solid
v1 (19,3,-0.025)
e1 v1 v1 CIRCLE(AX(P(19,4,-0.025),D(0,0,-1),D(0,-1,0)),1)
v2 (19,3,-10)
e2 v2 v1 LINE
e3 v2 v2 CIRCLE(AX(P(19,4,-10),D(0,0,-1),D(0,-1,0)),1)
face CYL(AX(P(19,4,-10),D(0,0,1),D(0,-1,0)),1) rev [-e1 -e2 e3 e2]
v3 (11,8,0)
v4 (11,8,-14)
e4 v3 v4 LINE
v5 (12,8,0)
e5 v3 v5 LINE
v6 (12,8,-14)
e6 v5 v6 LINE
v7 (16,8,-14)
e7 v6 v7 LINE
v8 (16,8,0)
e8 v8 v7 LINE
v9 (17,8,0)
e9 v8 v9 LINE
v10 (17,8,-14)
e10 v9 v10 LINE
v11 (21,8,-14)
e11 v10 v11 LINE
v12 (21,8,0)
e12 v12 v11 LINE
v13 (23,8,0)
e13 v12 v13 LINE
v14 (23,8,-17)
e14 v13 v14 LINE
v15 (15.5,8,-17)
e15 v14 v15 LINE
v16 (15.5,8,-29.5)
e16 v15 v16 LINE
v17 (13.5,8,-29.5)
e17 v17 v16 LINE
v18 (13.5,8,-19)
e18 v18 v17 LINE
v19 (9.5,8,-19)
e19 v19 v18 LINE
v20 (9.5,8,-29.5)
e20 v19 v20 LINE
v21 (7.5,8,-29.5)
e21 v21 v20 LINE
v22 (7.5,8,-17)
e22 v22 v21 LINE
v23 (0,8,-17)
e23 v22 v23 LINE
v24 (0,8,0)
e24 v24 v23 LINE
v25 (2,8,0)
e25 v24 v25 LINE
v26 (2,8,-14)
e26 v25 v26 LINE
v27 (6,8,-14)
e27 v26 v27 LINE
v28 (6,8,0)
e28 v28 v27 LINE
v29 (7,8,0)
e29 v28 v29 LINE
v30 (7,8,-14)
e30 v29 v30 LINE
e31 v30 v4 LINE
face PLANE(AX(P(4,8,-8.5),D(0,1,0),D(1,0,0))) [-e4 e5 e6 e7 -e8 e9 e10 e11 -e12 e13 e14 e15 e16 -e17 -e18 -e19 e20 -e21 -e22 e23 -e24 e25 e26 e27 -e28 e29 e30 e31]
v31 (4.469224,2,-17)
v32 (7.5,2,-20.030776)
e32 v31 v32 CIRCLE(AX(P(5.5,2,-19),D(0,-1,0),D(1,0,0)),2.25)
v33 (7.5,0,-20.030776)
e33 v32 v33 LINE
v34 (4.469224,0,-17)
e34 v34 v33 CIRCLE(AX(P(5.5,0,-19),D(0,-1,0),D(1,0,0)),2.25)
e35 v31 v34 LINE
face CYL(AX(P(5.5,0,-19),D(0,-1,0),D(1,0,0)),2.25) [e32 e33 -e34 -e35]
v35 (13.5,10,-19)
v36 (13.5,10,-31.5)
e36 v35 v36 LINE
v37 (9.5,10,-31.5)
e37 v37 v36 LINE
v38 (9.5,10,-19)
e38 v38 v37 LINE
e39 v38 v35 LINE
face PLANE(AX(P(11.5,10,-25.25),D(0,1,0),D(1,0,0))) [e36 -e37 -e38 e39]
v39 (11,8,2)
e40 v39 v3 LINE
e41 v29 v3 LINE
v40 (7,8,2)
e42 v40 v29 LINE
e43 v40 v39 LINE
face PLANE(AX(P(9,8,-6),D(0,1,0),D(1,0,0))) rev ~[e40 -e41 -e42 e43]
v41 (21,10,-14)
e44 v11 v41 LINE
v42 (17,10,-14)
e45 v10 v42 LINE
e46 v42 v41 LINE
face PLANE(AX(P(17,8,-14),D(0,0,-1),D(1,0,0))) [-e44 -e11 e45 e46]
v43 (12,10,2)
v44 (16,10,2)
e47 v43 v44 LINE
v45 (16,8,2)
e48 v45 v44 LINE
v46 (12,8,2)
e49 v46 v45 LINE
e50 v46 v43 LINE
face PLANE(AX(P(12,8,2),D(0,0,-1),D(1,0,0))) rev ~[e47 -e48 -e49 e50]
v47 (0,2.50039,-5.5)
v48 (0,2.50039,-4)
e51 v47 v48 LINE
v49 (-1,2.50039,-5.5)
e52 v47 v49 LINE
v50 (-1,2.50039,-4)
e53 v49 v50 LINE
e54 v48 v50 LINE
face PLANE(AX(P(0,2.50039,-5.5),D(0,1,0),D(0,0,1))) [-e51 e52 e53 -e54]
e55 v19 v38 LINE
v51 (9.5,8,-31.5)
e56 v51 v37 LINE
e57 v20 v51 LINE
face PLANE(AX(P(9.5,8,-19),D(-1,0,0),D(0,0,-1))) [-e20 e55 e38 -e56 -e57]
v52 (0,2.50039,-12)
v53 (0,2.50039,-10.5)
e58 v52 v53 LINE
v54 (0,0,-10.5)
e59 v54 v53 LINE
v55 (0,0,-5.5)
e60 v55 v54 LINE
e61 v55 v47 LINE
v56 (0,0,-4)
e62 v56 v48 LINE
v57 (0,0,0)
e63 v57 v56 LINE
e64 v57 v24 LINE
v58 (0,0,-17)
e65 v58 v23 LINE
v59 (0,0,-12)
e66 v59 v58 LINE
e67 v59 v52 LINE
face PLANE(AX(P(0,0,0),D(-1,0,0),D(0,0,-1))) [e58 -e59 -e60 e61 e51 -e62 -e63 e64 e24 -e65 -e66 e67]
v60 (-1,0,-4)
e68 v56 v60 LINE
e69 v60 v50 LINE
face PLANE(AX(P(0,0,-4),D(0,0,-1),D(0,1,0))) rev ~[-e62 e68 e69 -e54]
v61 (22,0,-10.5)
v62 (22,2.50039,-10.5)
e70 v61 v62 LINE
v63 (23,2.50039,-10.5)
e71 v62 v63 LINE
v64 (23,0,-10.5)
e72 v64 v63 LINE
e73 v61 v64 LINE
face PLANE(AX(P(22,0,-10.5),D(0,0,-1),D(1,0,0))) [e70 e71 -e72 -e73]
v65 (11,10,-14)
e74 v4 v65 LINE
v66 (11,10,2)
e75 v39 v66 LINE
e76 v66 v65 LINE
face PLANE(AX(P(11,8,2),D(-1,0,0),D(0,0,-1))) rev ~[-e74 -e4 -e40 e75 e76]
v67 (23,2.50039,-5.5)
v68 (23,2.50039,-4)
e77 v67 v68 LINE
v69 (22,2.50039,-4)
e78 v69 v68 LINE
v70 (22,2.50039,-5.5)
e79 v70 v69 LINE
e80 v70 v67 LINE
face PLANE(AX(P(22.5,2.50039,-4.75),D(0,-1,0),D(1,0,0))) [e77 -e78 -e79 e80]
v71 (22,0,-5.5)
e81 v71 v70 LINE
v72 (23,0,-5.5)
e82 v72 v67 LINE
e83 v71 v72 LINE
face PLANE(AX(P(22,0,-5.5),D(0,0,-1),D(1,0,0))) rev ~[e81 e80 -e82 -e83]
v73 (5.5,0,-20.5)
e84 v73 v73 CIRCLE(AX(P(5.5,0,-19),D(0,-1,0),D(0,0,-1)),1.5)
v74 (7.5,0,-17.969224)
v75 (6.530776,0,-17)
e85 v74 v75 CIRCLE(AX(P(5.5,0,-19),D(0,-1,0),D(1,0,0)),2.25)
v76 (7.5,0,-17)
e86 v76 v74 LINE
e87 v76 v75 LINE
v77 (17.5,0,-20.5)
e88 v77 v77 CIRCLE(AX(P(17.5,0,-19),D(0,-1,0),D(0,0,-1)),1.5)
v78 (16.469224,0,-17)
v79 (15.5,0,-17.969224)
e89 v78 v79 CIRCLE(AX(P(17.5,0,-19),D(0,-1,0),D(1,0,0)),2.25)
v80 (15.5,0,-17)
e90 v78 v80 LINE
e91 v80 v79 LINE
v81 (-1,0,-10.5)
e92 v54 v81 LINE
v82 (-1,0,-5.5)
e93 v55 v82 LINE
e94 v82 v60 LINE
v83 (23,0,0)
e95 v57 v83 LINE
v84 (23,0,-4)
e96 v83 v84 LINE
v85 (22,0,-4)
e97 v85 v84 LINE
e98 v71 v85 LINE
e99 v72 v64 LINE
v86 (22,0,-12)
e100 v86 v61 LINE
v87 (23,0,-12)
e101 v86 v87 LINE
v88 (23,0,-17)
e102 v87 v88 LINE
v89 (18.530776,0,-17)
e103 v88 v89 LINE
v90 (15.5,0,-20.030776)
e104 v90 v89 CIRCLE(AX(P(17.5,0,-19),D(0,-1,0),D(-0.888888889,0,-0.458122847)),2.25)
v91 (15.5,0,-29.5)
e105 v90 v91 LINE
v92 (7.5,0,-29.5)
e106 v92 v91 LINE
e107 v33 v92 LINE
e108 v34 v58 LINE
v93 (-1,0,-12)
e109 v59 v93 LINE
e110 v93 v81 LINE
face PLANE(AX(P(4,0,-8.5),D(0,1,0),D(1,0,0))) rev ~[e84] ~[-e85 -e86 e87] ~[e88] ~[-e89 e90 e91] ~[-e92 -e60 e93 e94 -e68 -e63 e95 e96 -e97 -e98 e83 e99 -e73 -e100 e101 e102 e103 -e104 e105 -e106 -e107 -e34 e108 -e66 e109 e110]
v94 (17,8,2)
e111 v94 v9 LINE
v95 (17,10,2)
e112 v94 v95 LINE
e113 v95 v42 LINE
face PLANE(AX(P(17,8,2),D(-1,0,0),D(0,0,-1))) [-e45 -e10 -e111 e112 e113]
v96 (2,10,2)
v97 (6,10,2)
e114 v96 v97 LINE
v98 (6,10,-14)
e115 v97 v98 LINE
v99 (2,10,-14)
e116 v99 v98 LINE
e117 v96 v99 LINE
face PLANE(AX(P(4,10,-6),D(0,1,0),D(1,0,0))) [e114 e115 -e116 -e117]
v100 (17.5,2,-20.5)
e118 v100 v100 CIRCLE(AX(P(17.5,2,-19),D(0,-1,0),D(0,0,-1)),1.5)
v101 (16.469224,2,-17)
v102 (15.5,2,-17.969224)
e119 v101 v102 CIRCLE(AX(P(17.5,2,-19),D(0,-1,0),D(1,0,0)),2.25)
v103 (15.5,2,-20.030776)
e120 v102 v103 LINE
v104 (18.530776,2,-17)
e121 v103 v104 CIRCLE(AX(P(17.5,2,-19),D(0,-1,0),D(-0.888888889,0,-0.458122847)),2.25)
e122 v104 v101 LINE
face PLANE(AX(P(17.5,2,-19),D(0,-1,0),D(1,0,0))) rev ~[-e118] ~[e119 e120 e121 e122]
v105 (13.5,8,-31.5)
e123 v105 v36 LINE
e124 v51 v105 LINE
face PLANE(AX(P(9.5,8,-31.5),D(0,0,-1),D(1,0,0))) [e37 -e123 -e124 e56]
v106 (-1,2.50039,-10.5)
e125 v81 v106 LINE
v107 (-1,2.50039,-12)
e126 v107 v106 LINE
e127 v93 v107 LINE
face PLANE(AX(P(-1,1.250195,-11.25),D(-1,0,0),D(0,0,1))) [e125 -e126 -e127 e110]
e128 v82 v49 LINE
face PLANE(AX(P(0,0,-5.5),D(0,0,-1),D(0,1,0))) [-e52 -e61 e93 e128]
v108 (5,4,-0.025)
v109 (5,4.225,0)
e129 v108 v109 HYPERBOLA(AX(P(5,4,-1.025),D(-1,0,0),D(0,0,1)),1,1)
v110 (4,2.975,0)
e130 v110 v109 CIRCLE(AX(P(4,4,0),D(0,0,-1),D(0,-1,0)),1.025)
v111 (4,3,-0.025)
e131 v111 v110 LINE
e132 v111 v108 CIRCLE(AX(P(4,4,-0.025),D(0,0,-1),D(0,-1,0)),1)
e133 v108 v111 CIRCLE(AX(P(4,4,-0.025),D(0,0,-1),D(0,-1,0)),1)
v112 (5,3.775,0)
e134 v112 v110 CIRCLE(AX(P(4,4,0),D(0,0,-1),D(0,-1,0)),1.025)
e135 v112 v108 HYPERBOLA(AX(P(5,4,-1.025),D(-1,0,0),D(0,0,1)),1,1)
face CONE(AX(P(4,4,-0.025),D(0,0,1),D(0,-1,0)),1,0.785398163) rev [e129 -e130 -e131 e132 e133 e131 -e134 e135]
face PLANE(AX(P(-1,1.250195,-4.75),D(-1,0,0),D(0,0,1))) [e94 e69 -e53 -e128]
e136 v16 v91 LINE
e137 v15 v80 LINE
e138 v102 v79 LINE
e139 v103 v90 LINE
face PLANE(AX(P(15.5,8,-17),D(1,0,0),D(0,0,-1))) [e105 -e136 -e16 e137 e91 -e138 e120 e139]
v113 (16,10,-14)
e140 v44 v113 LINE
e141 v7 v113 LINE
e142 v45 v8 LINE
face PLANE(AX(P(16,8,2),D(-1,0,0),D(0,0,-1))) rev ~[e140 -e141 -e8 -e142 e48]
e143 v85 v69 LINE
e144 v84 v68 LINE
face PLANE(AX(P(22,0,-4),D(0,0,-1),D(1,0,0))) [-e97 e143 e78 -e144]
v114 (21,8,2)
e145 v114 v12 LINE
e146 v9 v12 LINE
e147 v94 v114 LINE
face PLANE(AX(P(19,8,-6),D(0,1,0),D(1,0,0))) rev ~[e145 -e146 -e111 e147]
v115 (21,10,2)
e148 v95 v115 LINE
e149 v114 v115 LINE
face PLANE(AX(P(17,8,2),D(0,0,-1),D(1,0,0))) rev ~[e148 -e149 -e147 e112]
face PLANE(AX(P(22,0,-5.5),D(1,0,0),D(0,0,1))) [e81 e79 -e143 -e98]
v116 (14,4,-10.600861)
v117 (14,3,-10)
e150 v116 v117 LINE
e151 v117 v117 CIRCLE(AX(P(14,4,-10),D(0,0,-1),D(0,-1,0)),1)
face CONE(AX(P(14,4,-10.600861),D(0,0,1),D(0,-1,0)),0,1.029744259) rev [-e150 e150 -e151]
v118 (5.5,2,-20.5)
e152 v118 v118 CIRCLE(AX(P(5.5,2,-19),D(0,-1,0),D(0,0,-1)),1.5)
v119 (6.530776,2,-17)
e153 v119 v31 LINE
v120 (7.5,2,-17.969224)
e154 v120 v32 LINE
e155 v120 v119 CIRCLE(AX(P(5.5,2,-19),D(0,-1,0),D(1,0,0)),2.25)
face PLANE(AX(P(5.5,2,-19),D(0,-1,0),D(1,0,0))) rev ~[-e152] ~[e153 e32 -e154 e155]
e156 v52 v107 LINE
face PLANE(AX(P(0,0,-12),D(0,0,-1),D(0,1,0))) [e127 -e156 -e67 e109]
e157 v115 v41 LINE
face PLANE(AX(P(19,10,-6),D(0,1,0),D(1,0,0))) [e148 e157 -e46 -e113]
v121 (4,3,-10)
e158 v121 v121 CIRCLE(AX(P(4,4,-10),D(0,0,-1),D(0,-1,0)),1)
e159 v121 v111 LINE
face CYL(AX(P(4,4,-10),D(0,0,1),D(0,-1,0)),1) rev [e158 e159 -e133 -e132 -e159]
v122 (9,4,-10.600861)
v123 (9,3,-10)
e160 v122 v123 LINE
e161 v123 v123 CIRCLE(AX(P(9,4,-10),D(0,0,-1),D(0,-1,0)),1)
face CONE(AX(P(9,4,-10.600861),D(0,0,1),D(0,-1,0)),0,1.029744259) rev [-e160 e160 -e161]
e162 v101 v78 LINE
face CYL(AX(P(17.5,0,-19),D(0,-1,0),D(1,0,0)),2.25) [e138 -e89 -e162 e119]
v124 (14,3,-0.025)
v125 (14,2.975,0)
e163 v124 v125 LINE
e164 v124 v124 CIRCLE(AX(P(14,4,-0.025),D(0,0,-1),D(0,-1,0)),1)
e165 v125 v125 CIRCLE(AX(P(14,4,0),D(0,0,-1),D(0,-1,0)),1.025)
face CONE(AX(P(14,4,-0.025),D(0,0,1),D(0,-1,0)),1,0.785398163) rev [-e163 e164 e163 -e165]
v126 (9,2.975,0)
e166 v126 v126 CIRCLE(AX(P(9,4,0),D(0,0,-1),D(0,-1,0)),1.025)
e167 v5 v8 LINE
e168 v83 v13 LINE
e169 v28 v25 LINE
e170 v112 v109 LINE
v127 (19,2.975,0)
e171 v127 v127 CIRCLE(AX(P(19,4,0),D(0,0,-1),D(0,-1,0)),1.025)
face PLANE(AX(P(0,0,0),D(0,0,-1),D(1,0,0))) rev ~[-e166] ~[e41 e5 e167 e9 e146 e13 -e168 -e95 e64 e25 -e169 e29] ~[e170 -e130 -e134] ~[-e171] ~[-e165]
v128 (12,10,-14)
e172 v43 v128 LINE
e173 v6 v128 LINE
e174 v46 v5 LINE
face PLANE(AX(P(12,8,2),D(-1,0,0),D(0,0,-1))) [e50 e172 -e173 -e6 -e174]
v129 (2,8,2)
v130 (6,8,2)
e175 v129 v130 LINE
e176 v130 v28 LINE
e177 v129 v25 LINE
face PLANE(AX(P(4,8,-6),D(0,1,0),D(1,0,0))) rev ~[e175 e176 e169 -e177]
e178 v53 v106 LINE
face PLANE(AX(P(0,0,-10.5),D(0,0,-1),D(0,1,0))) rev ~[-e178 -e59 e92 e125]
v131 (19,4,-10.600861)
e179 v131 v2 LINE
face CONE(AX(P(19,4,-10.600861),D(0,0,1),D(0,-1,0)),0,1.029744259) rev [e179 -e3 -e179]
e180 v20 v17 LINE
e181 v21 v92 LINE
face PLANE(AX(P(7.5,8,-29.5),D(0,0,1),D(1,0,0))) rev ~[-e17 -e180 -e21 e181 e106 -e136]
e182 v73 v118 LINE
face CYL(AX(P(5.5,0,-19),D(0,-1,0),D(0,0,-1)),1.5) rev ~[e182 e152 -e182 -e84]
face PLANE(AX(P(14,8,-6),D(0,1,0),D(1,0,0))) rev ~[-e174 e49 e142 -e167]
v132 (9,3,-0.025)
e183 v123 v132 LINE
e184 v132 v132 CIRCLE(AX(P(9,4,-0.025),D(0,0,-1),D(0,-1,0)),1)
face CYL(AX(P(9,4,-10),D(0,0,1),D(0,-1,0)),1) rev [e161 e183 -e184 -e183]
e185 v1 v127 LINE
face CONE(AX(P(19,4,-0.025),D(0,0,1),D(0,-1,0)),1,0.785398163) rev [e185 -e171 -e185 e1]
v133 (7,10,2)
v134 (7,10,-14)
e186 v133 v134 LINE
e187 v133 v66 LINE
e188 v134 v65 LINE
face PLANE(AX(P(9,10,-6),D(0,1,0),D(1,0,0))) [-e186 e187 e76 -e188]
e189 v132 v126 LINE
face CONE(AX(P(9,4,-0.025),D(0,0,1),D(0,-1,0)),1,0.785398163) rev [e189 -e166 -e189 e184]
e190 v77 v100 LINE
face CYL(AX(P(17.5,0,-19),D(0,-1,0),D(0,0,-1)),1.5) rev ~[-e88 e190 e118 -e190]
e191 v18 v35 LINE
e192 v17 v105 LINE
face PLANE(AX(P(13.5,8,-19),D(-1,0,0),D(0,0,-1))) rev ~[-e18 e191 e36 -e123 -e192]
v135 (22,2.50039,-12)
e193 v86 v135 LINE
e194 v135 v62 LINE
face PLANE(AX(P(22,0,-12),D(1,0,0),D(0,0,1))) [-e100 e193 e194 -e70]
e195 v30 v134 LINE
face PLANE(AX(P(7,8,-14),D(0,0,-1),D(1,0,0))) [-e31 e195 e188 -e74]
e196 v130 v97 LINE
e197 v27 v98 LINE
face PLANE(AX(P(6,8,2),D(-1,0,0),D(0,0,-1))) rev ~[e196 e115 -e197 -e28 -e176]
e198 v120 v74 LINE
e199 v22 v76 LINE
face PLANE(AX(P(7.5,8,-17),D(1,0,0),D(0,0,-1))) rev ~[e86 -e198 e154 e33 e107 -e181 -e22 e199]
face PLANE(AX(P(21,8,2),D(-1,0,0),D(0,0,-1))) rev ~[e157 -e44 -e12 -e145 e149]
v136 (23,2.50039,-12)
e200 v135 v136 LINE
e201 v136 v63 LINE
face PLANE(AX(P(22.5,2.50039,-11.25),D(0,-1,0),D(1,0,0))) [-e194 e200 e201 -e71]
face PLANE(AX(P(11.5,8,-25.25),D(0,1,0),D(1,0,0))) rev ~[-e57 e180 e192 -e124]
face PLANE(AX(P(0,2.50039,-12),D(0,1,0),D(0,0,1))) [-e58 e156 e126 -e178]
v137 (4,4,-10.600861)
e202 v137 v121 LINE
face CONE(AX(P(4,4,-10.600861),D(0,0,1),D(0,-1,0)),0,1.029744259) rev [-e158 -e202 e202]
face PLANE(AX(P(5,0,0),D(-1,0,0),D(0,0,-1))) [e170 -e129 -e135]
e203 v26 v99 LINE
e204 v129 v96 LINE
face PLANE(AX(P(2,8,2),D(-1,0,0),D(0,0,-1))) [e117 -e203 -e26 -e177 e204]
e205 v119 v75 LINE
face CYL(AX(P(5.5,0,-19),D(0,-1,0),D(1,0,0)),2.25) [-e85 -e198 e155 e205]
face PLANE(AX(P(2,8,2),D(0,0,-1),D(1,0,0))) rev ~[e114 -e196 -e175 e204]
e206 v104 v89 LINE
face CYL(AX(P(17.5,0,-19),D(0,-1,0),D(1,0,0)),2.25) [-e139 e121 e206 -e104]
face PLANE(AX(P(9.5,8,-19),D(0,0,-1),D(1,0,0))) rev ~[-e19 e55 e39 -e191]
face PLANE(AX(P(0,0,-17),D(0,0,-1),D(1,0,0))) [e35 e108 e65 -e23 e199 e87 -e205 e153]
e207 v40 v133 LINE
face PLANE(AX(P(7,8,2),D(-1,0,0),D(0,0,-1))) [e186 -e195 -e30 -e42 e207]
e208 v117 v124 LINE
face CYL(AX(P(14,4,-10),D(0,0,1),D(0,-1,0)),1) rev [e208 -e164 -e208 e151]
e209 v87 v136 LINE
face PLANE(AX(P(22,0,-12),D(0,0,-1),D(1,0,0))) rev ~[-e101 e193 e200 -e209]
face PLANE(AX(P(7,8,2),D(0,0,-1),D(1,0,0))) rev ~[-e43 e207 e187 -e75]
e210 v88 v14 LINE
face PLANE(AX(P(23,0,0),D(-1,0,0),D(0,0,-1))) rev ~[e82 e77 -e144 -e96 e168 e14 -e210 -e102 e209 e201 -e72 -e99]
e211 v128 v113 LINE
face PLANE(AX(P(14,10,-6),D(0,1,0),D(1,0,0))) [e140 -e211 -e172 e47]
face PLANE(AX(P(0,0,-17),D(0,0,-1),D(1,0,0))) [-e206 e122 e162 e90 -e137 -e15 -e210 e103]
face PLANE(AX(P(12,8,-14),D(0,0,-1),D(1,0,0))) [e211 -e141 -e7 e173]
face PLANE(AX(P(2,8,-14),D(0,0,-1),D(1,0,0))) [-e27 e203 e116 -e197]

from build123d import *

# Parameters (mm, degrees)
SKETCH1_W                  = 8
SKETCH1_H                  = 17
CONNECTOR_BODY_DEPTH       = 8
SKETCH4_W                  = 4
SKETCH4_H                  = 16
CLAMP_DEPTH                = 2
CONNECTOR_PATTERN_COUNT    = 4
CONNECTOR_PATTERN_PITCH    = 5
SKETCH5_W                  = 8
SKETCH5_H                  = 12.5
SINGLE_BODY_DEPTH          = 8
SKETCH6_W                  = 1.5
SKETCH6_H                  = 2.500390225
CHAINING_NOBS_DEPTH        = 1
SKETCH7_W                  = 1
SKETCH7_H                  = 1.5
CHAINING_NOBS_CUTOUT_DEPTH = 2.50039
SKETCH8_W                  = 4
SKETCH8_H                  = 12.5
SINGLE_BODY_CLAMP_DEPTH    = 2
SKETCH9_R                  = 2.25
SKETCH9_R_2                = 1.5
MOUNTING_RINGS_DEPTH       = 2


with BuildPart() as part:
    # Sketch1 → connector_body (new body)
    with BuildSketch(Plane(origin=(0, 0, 0), x_dir=(1, 0, 0), z_dir=(0, 1, 0))):
        with Locations((4, 8.5)):
            Rectangle(SKETCH1_W, SKETCH1_H)
    connector_body = extrude(amount=CONNECTOR_BODY_DEPTH)

    # Sketch3 → cable_hole (revolve, cut)
    with BuildSketch(Plane(origin=(4, 4, 0), x_dir=(0, -1, 0), z_dir=(1, 0, 0))):
        Polygon((0, 0), (0, 10.600860619), (1, 10), (1, 0.025), (1.025, 0), align=None)
    cable_hole = revolve(axis=Axis((4, 4, 6.35), (0, 0, -1)), mode=Mode.SUBTRACT)

    # Sketch4 → clamp (add)
    with BuildSketch(Plane(origin=(0, 8, 0), x_dir=(1, 0, 0), z_dir=(0, 1, 0))):
        with Locations((4, 6)):
            Rectangle(SKETCH4_W, SKETCH4_H)
    clamp = extrude(amount=CLAMP_DEPTH)

    # connector_pattern: connector_body, cable_hole, clamp ×4
    with Locations(*[(i * CONNECTOR_PATTERN_PITCH, 0, 0) for i in range(1, CONNECTOR_PATTERN_COUNT)]):
        add(connector_body)
        add(cable_hole, mode=Mode.SUBTRACT)
        add(clamp)

    # Sketch5 → single_body (add)
    with BuildSketch(Plane(origin=(0, 8, 0), x_dir=(1, 0, 0), z_dir=(0, 1, 0))):
        with Locations((11.5, 23.25)):
            Rectangle(SKETCH5_W, SKETCH5_H)
    extrude(amount=-SINGLE_BODY_DEPTH)

    # Sketch6 → chaining_nobs (add)
    with BuildSketch(Plane.ZY):
        with Locations((-11.25, 1.250195113)):
            Rectangle(SKETCH6_W, SKETCH6_H)
        with Locations((-4.75, 1.250195113)):
            Rectangle(SKETCH6_W, SKETCH6_H)
    extrude(amount=CHAINING_NOBS_DEPTH)

    # Sketch7 → chaining_nobs_cutout (cut)
    with BuildSketch(Plane.XZ):
        with Locations((22.5, -4.75)):
            Rectangle(SKETCH7_W, SKETCH7_H)
        with Locations((22.5, -11.25)):
            Rectangle(SKETCH7_W, SKETCH7_H)
    extrude(amount=-CHAINING_NOBS_CUTOUT_DEPTH, mode=Mode.SUBTRACT)

    # Sketch8 → single_body_clamp (add)
    with BuildSketch(Plane(origin=(0, 8, 0), x_dir=(1, 0, 0), z_dir=(0, 1, 0))):
        with Locations((11.5, 25.25)):
            Rectangle(SKETCH8_W, SKETCH8_H)
    extrude(amount=SINGLE_BODY_CLAMP_DEPTH)

    # Sketch9 → mounting_rings (add)
    # profile 1 of 2: a face of its own
    with BuildSketch(Plane.XZ):
        with Locations((5.5, -19)):
            Circle(SKETCH9_R)
        with Locations(Location((5.5, -19, 0), (0, 0, 270))):
            Circle(SKETCH9_R_2, mode=Mode.SUBTRACT)
    # profile 2 of 2: a face of its own
    with BuildSketch(Plane.XZ):
        with Locations((17.5, -19)):
            Circle(SKETCH9_R)
        with Locations(Location((17.5, -19, 0), (0, 0, 270))):
            Circle(SKETCH9_R_2, mode=Mode.SUBTRACT)
    extrude(amount=-MOUNTING_RINGS_DEPTH)


solid = part.part
